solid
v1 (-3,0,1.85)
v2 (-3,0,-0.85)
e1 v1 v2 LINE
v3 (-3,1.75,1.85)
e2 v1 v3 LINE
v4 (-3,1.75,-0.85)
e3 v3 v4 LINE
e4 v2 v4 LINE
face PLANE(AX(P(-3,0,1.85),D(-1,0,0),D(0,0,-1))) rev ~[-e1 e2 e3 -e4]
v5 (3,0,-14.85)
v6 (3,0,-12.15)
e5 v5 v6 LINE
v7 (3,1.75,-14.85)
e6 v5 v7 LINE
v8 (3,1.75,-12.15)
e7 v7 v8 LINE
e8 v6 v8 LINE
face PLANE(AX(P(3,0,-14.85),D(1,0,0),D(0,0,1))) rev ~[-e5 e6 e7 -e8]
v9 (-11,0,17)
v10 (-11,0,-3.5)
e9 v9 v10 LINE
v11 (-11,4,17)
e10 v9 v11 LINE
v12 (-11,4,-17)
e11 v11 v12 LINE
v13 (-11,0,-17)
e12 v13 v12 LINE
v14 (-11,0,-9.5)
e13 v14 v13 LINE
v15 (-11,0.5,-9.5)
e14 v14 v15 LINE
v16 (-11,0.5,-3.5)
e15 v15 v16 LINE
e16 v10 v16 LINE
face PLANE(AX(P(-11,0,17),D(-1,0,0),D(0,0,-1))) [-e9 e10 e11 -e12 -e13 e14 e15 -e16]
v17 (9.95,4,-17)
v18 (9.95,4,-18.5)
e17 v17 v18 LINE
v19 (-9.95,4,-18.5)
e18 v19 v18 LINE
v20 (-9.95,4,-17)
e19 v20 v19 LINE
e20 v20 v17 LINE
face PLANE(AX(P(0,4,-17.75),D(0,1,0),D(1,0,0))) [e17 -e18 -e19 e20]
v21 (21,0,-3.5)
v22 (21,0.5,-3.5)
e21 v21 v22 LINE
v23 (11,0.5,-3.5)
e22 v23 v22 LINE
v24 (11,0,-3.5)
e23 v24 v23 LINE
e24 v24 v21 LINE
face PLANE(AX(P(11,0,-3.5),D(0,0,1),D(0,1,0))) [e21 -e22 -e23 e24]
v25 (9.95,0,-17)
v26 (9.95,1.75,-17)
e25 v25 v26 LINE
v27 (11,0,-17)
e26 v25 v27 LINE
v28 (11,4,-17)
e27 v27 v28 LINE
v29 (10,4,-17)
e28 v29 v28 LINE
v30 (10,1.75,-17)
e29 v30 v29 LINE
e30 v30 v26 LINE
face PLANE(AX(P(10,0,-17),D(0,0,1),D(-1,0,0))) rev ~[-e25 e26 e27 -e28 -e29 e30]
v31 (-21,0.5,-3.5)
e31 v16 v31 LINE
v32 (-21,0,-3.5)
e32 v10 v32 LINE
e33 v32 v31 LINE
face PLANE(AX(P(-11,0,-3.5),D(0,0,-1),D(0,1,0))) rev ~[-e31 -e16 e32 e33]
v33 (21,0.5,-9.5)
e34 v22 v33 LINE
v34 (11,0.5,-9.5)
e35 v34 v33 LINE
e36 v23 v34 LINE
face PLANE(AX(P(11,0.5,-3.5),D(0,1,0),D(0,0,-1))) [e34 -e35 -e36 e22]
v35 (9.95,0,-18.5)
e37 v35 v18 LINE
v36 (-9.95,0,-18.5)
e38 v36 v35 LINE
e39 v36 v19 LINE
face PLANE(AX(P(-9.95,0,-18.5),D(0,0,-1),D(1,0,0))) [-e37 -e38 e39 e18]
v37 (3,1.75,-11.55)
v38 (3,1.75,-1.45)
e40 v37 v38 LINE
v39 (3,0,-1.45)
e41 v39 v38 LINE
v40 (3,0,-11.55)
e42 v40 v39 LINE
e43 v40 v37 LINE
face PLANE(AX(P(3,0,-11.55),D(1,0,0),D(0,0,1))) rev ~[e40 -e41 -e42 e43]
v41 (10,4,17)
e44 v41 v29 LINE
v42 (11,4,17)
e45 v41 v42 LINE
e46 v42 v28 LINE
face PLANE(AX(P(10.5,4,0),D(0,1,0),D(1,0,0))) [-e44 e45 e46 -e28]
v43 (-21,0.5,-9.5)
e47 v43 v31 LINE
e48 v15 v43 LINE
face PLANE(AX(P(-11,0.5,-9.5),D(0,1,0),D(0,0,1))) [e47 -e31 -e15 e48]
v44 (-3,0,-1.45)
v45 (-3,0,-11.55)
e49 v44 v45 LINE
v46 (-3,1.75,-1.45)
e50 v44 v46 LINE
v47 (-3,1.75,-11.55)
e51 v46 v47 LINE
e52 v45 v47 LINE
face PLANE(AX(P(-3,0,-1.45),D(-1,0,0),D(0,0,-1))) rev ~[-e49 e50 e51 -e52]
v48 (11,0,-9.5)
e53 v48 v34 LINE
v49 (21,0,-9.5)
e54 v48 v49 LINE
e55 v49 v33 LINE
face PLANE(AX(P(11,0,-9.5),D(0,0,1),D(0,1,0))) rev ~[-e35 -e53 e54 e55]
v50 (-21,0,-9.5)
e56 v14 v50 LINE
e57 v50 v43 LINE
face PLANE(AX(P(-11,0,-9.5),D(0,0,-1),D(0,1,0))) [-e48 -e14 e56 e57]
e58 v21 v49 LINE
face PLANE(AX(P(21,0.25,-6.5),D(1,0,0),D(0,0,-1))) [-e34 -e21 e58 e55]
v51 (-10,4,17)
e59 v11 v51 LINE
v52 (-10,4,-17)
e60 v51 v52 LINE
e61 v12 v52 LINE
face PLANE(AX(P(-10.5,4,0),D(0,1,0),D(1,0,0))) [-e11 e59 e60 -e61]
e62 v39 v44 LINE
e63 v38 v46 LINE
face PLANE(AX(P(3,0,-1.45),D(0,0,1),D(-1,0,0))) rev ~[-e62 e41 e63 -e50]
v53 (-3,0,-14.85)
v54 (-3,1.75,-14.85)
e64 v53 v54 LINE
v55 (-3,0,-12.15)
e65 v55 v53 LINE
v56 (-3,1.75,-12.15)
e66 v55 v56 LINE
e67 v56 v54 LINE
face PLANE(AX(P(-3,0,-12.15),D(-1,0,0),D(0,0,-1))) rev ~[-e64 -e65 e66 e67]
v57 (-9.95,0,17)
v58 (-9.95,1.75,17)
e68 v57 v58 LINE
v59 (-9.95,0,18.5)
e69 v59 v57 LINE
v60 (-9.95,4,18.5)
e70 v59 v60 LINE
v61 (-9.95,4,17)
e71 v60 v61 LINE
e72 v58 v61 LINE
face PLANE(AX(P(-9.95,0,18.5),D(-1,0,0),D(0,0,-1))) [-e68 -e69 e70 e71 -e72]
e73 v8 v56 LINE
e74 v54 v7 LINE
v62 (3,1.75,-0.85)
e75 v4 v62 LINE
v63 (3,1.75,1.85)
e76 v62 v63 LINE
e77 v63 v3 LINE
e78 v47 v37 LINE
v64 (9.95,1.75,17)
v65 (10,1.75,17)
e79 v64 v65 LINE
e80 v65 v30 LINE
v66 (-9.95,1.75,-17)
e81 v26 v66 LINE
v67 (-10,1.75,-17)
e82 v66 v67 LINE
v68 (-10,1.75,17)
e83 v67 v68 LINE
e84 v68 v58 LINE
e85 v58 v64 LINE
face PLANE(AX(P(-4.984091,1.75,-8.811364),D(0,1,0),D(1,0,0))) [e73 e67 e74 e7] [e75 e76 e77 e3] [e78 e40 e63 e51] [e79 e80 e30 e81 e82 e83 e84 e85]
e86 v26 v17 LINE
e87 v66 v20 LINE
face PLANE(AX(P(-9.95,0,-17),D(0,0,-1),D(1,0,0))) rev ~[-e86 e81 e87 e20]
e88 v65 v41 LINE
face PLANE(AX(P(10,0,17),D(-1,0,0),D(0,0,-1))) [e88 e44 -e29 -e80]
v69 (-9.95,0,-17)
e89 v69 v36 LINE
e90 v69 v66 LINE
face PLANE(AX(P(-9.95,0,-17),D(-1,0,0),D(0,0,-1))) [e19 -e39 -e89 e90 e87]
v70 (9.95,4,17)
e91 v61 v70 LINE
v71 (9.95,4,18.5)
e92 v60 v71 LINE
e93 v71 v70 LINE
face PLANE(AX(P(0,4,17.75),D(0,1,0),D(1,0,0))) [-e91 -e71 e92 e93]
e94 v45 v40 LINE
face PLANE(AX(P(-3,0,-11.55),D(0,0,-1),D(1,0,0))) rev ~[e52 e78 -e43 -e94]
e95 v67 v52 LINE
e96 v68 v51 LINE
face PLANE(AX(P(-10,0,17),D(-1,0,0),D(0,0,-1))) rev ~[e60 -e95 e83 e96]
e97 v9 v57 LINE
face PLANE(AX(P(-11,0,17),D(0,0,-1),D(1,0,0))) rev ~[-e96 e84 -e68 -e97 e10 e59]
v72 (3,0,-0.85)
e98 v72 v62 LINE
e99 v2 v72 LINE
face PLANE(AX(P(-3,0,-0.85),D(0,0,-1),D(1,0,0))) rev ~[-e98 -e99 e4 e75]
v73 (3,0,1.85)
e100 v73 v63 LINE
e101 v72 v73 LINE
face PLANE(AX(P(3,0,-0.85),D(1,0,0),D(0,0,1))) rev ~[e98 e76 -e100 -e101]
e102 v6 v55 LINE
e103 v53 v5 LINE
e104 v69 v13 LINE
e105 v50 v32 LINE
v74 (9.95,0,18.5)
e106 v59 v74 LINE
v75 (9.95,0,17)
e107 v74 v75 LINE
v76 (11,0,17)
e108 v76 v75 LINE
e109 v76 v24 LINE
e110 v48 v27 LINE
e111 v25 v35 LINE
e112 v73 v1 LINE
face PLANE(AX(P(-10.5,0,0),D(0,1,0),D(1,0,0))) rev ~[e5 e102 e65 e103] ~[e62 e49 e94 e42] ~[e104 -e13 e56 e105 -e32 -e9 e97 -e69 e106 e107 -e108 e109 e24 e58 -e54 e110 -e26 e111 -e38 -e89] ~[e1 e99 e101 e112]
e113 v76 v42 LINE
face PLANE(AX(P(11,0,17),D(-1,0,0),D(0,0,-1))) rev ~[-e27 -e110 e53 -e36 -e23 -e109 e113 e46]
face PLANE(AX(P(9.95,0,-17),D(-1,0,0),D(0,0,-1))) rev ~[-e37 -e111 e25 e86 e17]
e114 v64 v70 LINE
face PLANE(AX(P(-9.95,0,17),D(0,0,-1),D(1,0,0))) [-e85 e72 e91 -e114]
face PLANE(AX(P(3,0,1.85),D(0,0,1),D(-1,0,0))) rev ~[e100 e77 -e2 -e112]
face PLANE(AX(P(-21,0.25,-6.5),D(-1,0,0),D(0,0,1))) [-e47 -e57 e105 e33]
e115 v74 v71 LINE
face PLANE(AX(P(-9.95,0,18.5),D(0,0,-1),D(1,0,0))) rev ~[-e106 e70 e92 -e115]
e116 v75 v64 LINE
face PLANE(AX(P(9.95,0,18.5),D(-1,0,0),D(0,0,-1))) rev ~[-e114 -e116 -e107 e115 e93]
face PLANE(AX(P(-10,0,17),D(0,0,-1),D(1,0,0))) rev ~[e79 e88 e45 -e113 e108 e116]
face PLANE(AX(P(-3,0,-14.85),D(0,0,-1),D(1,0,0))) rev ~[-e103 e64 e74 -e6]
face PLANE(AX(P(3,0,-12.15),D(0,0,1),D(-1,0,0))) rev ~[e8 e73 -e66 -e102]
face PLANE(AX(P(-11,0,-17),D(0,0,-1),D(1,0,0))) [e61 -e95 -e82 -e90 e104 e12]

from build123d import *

# Parameters (mm, degrees)
BOSS_EXTRUDE1_DEPTH = 1.75
SKETCH4_W           = 1
SKETCH4_H           = 34
SKETCH4_W_2         = 19.9
SKETCH4_H_2         = 1.5
BOSS_EXTRUDE3_DEPTH = 4
SKETCH7_W           = 6
SKETCH7_H           = 0.5
BOSS_EXTRUDE5_DEPTH = 10
SKETCH9_W           = 6
SKETCH9_H           = 0.5
BOSS_EXTRUDE6_DEPTH = 10


with BuildPart() as part:
    # Sketch2 → Boss-Extrude1 (new body)
    with BuildSketch(Plane(origin=(0, 0, 0), x_dir=(1, 0, 0), z_dir=(0, 1, 0))):
        Polygon((0, 14.85), (0, 17), (-10, 17), (-10, 0), (-3, 0), (-3, 0.85), (0, 0.85), (0, 1.45), (-3, 1.45), (-3, 11.55), (0, 11.55), (0, 12.15), (-3, 12.15), (-3, 14.85), align=None)
        Polygon((-3, 0), (-10, 0), (-10, -17), (0, -17), (0, -1.85), (-3, -1.85), align=None)
        Polygon((10, -17), (10, 0), (3, 0), (3, -1.85), (0, -1.85), (0, -17), align=None)
        Polygon((10, 17), (0, 17), (0, 14.85), (3, 14.85), (3, 12.15), (0, 12.15), (0, 11.55), (3, 11.55), (3, 1.45), (0, 1.45), (0, 0.85), (3, 0.85), (3, 0), (10, 0), align=None)
    extrude(amount=BOSS_EXTRUDE1_DEPTH)

    # Sketch4 → Boss-Extrude3 (add)
    with BuildSketch(Plane(origin=(0, 0, 0), x_dir=(1, 0, 0), z_dir=(0, 1, 0))):
        with Locations((-10.5, 0)):
            Rectangle(SKETCH4_W, SKETCH4_H)
        with Locations((10.5, 0)):
            Rectangle(SKETCH4_W, SKETCH4_H)
        with Locations((0, 17.75)):
            Rectangle(SKETCH4_W_2, SKETCH4_H_2)
        with Locations((0, -17.75)):
            Rectangle(SKETCH4_W_2, SKETCH4_H_2)
    extrude(amount=BOSS_EXTRUDE3_DEPTH)

    # Sketch7 → Boss-Extrude5 (add)
    with BuildSketch(Plane.ZY.offset(11)):
        with Locations((-6.5, 0.25)):
            Rectangle(SKETCH7_W, SKETCH7_H)
    extrude(amount=BOSS_EXTRUDE5_DEPTH)

    # Sketch9 → Boss-Extrude6 (add)
    with BuildSketch(Plane(origin=(11, 0, 0), x_dir=(0, 0, -1), z_dir=(1, 0, 0))):
        with Locations((6.5, 0.25)):
            Rectangle(SKETCH9_W, SKETCH9_H)
    extrude(amount=BOSS_EXTRUDE6_DEPTH)


solid = part.part
